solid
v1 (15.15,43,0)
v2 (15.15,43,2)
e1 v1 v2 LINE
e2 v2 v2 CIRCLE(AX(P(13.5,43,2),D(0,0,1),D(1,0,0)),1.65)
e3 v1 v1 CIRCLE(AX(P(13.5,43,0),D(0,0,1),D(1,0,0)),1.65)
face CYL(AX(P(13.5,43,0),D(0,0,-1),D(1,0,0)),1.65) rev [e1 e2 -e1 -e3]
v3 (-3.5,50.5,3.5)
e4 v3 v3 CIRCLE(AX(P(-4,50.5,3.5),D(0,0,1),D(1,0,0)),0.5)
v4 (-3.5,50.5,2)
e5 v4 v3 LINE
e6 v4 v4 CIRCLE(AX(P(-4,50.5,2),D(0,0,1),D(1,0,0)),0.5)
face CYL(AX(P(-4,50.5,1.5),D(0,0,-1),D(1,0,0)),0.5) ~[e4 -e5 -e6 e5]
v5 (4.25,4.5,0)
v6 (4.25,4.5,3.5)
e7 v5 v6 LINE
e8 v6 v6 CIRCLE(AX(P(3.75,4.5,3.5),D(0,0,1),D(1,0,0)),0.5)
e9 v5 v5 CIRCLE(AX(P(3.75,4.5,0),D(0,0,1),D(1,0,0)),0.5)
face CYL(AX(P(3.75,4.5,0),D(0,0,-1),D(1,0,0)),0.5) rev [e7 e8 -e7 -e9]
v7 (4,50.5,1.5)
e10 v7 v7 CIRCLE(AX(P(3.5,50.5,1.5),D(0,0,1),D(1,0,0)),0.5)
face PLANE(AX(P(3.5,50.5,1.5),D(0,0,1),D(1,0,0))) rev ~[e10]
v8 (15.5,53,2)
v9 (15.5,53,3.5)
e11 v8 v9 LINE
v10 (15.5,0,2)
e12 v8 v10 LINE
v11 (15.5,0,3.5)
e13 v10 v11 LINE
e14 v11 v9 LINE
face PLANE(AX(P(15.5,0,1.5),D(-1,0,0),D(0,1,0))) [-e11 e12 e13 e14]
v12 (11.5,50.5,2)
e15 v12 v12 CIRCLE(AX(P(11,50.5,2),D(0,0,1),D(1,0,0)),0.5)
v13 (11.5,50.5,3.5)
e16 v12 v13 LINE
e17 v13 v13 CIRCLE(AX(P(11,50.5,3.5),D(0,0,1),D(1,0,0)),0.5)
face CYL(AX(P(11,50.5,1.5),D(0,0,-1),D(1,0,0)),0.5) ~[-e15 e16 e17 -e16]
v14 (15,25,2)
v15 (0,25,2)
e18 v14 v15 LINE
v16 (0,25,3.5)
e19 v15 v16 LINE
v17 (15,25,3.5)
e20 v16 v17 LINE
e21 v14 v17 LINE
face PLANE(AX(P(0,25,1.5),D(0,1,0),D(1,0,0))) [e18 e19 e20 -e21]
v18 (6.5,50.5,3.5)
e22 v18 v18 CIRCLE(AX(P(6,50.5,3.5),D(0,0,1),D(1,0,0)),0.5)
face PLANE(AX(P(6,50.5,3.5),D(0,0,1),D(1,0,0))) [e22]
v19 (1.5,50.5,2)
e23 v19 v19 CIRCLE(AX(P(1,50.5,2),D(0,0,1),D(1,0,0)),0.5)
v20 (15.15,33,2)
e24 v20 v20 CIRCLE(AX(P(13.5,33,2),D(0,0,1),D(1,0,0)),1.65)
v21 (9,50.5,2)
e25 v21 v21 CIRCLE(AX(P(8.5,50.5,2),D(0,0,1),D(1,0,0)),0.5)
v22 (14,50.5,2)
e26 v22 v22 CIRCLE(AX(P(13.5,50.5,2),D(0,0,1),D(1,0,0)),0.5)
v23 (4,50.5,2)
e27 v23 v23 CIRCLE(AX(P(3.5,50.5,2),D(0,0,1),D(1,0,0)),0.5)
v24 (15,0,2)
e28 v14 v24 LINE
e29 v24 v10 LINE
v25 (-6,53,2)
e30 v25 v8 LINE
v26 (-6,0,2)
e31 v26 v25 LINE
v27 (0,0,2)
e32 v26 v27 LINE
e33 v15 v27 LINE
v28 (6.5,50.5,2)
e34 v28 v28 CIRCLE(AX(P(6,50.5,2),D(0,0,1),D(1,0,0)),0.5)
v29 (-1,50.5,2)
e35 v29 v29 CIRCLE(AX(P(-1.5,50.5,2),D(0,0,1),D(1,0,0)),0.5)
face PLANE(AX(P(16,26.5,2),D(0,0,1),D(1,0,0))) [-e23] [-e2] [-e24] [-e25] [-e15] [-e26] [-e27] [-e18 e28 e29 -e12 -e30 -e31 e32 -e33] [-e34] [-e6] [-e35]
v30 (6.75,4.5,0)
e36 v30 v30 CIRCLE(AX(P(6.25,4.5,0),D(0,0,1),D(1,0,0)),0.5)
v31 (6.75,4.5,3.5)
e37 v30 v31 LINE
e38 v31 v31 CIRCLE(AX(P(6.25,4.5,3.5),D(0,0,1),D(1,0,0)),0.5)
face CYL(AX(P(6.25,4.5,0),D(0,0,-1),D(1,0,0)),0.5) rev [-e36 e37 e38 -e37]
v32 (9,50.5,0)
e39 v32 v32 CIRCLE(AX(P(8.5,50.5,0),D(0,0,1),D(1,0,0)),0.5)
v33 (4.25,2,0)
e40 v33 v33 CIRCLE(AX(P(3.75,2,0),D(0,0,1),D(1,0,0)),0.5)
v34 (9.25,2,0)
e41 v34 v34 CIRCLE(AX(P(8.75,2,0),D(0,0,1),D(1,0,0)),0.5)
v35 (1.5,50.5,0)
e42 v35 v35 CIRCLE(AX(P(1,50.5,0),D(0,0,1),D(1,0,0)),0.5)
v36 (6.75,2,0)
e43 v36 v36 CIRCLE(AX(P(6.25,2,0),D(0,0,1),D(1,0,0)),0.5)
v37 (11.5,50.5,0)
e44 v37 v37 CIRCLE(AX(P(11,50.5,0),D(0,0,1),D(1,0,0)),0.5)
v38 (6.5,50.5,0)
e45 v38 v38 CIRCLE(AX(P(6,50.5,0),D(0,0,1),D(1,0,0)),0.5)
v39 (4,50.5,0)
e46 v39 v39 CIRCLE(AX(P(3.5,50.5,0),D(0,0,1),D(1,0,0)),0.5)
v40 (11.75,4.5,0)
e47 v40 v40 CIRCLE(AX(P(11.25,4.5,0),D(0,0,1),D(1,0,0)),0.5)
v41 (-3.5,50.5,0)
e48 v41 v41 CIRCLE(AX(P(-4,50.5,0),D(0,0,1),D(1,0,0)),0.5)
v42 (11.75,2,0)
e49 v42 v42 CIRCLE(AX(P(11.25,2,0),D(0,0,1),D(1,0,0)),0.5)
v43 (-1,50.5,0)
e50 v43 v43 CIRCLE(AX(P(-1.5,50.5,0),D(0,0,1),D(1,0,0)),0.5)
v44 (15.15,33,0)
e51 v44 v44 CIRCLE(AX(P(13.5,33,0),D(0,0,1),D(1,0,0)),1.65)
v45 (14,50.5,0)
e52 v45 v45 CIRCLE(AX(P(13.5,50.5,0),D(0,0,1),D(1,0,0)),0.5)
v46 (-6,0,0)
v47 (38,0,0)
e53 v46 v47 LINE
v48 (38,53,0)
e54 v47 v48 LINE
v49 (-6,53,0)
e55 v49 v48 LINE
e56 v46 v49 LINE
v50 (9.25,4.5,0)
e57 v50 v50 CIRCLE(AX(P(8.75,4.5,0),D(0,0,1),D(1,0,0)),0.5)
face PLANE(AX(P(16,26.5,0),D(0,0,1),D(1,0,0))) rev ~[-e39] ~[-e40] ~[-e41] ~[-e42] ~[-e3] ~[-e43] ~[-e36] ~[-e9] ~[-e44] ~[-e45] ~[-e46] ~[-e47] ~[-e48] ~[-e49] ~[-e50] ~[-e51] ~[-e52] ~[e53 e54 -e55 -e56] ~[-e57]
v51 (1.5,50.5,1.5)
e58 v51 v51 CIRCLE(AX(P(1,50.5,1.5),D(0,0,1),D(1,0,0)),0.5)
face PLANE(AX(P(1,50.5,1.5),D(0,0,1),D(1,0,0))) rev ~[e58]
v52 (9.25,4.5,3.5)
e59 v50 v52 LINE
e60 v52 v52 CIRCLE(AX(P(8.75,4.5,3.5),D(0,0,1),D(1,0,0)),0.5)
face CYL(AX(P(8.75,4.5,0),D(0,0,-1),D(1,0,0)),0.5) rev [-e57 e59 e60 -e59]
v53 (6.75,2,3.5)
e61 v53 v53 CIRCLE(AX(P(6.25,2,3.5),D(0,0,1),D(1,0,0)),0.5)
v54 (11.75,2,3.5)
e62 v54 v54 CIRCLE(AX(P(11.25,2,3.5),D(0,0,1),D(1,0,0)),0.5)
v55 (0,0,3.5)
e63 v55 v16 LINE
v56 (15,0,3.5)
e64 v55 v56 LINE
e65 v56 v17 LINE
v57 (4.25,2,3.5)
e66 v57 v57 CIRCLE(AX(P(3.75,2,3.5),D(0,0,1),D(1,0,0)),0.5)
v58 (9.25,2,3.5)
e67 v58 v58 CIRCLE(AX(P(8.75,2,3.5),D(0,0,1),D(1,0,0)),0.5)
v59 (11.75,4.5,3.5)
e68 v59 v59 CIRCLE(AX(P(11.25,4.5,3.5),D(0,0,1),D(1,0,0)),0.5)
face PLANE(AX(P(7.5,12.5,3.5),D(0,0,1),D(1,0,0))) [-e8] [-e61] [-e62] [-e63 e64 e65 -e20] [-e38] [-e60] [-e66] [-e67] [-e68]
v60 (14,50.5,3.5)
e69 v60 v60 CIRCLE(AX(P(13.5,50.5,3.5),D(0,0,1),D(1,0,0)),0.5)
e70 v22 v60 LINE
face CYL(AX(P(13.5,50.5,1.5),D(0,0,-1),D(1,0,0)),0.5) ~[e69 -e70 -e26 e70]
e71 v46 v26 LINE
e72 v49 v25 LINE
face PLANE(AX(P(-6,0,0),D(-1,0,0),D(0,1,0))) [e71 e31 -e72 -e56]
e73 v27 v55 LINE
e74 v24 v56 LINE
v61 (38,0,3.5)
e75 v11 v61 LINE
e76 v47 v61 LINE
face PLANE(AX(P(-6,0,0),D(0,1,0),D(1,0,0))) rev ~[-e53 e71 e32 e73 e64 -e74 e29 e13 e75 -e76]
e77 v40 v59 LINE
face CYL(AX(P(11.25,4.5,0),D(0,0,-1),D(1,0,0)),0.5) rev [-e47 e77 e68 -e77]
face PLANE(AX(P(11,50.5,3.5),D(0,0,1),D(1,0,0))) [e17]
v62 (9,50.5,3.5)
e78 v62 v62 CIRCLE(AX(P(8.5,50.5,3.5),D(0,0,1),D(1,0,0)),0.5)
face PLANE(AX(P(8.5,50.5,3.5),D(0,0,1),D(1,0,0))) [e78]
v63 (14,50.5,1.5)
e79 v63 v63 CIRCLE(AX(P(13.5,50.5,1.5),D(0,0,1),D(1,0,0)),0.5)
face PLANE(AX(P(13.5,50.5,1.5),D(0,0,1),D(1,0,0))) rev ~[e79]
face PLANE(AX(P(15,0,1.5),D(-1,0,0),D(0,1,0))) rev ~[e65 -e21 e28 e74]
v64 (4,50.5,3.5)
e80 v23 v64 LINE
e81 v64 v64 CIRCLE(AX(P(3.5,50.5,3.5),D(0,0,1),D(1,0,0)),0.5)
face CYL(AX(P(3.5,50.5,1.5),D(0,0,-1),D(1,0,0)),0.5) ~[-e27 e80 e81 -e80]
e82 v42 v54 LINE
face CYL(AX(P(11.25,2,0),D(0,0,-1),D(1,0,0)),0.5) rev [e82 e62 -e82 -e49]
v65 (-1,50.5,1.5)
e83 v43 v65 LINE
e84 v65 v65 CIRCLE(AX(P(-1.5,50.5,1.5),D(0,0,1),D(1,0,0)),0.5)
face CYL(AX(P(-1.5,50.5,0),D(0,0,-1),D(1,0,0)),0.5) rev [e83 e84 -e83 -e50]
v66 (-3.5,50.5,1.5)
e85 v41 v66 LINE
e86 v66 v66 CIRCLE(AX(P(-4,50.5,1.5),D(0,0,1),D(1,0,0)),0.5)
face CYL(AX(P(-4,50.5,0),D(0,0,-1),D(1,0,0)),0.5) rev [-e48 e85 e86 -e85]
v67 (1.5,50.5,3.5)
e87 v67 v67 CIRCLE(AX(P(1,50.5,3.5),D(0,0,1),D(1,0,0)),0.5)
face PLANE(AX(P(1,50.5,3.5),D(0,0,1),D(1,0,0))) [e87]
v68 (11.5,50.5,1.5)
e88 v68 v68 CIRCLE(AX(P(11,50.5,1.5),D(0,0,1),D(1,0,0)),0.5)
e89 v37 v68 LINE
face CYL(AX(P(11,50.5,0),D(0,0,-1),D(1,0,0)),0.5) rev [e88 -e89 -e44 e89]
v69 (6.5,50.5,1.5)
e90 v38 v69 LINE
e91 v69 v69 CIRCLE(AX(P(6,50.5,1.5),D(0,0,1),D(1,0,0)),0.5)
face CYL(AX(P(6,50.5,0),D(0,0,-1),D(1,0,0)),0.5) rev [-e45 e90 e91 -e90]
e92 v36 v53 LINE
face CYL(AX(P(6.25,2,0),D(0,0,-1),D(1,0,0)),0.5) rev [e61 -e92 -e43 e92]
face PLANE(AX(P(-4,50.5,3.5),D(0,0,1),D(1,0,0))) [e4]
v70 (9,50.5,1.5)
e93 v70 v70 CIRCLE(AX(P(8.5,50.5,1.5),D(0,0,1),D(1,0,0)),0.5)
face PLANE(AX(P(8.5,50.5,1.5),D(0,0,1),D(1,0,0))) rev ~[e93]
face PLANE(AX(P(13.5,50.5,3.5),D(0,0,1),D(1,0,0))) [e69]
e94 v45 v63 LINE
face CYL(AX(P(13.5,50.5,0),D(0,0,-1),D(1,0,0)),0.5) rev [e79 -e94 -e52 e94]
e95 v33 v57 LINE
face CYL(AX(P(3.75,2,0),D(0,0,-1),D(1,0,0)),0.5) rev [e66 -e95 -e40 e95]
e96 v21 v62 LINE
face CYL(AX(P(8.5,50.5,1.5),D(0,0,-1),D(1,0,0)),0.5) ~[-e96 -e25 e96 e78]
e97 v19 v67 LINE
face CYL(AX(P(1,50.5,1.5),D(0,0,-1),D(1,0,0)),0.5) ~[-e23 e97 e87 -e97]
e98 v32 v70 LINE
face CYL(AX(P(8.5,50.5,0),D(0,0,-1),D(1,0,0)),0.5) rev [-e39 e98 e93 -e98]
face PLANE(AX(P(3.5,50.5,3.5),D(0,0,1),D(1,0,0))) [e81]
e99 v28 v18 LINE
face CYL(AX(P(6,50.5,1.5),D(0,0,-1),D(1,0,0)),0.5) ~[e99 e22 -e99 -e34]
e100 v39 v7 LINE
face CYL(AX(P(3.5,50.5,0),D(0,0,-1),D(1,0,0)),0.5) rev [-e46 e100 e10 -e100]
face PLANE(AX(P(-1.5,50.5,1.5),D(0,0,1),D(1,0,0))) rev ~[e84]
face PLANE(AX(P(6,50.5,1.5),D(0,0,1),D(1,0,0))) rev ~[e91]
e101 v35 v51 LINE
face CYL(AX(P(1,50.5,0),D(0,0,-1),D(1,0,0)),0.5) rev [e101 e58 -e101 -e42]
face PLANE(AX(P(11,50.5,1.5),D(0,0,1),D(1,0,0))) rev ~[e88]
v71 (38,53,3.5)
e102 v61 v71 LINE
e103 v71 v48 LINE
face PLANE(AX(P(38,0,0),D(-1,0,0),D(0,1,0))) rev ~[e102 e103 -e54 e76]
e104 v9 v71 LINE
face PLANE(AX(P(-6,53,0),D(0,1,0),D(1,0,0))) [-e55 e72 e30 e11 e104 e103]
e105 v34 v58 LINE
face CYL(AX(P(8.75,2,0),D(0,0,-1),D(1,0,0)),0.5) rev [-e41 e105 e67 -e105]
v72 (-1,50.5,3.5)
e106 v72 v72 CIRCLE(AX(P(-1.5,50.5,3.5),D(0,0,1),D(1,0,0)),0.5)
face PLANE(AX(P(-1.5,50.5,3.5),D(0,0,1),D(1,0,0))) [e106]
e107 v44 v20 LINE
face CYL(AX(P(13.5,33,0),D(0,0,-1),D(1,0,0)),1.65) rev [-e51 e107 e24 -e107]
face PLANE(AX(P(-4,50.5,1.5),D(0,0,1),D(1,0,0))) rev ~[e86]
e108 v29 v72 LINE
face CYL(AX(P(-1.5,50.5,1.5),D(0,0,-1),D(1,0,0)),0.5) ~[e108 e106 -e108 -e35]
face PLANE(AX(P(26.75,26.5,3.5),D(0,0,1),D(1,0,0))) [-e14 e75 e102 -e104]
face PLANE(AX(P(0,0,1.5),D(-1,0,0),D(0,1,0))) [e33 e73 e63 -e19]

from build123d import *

# Parameters (mm, degrees)
SKETCH_W      = 44
SKETCH_H      = 53
SKETCH_R      = 1.65
SKETCH_R_2    = 0.5
PAD_DEPTH     = 2
SKETCH001_R   = 0.5
SKETCH001_W   = 15
SKETCH001_H   = 25
SKETCH001_W_2 = 22.5
SKETCH001_H_2 = 53
PAD001_DEPTH  = 2


with BuildPart() as part:
    # Sketch → Pad (new body)
    with BuildSketch(Plane.XY):
        with Locations((16, 26.5)):
            Rectangle(SKETCH_W, SKETCH_H)
        with Locations((13.5, 43)):
            Circle(SKETCH_R, mode=Mode.SUBTRACT)
        with Locations((13.5, 33)):
            Circle(SKETCH_R, mode=Mode.SUBTRACT)
        with Locations((1, 50.5)):
            Circle(SKETCH_R_2, mode=Mode.SUBTRACT)
        with Locations((3.5, 50.5)):
            Circle(SKETCH_R_2, mode=Mode.SUBTRACT)
        with Locations((6, 50.5)):
            Circle(SKETCH_R_2, mode=Mode.SUBTRACT)
        with Locations((8.5, 50.5)):
            Circle(SKETCH_R_2, mode=Mode.SUBTRACT)
        with Locations((11, 50.5)):
            Circle(SKETCH_R_2, mode=Mode.SUBTRACT)
        with Locations((13.5, 50.5)):
            Circle(SKETCH_R_2, mode=Mode.SUBTRACT)
        with Locations((-4, 50.5)):
            Circle(SKETCH_R_2, mode=Mode.SUBTRACT)
        with Locations((-1.5, 50.5)):
            Circle(SKETCH_R_2, mode=Mode.SUBTRACT)
        with Locations((8.75, 4.5)):
            Circle(SKETCH_R_2, mode=Mode.SUBTRACT)
        with Locations((11.25, 4.5)):
            Circle(SKETCH_R_2, mode=Mode.SUBTRACT)
        with Locations((3.75, 4.5)):
            Circle(SKETCH_R_2, mode=Mode.SUBTRACT)
        with Locations((6.25, 4.5)):
            Circle(SKETCH_R_2, mode=Mode.SUBTRACT)
        with Locations((8.75, 2)):
            Circle(SKETCH_R_2, mode=Mode.SUBTRACT)
        with Locations((11.25, 2)):
            Circle(SKETCH_R_2, mode=Mode.SUBTRACT)
        with Locations((3.75, 2)):
            Circle(SKETCH_R_2, mode=Mode.SUBTRACT)
        with Locations((6.25, 2)):
            Circle(SKETCH_R_2, mode=Mode.SUBTRACT)
    extrude(amount=PAD_DEPTH)

    # Sketch001 → Pad001 (join)
    with BuildSketch(Plane.XY.offset(1.5)):
        with Locations((1, 50.5)):
            Circle(SKETCH001_R)
        with Locations((3.5, 50.5)):
            Circle(SKETCH001_R)
        with Locations((6, 50.5)):
            Circle(SKETCH001_R)
        with Locations((8.5, 50.5)):
            Circle(SKETCH001_R)
        with Locations((11, 50.5)):
            Circle(SKETCH001_R)
        with Locations((13.5, 50.5)):
            Circle(SKETCH001_R)
        with Locations((-4, 50.5)):
            Circle(SKETCH001_R)
        with Locations((-1.5, 50.5)):
            Circle(SKETCH001_R)
        with Locations((7.5, 12.5)):
            Rectangle(SKETCH001_W, SKETCH001_H)
        with Locations((8.75, 4.5)):
            Circle(SKETCH001_R, mode=Mode.SUBTRACT)
        with Locations((11.25, 4.5)):
            Circle(SKETCH001_R, mode=Mode.SUBTRACT)
        with Locations((3.75, 4.5)):
            Circle(SKETCH001_R, mode=Mode.SUBTRACT)
        with Locations((6.25, 4.5)):
            Circle(SKETCH001_R, mode=Mode.SUBTRACT)
        with Locations((8.75, 2)):
            Circle(SKETCH001_R, mode=Mode.SUBTRACT)
        with Locations((11.25, 2)):
            Circle(SKETCH001_R, mode=Mode.SUBTRACT)
        with Locations((3.75, 2)):
            Circle(SKETCH001_R, mode=Mode.SUBTRACT)
        with Locations((6.25, 2)):
            Circle(SKETCH001_R, mode=Mode.SUBTRACT)
        with Locations((26.75, 26.5)):
            Rectangle(SKETCH001_W_2, SKETCH001_H_2)
    extrude(amount=PAD001_DEPTH)


solid = part.part
